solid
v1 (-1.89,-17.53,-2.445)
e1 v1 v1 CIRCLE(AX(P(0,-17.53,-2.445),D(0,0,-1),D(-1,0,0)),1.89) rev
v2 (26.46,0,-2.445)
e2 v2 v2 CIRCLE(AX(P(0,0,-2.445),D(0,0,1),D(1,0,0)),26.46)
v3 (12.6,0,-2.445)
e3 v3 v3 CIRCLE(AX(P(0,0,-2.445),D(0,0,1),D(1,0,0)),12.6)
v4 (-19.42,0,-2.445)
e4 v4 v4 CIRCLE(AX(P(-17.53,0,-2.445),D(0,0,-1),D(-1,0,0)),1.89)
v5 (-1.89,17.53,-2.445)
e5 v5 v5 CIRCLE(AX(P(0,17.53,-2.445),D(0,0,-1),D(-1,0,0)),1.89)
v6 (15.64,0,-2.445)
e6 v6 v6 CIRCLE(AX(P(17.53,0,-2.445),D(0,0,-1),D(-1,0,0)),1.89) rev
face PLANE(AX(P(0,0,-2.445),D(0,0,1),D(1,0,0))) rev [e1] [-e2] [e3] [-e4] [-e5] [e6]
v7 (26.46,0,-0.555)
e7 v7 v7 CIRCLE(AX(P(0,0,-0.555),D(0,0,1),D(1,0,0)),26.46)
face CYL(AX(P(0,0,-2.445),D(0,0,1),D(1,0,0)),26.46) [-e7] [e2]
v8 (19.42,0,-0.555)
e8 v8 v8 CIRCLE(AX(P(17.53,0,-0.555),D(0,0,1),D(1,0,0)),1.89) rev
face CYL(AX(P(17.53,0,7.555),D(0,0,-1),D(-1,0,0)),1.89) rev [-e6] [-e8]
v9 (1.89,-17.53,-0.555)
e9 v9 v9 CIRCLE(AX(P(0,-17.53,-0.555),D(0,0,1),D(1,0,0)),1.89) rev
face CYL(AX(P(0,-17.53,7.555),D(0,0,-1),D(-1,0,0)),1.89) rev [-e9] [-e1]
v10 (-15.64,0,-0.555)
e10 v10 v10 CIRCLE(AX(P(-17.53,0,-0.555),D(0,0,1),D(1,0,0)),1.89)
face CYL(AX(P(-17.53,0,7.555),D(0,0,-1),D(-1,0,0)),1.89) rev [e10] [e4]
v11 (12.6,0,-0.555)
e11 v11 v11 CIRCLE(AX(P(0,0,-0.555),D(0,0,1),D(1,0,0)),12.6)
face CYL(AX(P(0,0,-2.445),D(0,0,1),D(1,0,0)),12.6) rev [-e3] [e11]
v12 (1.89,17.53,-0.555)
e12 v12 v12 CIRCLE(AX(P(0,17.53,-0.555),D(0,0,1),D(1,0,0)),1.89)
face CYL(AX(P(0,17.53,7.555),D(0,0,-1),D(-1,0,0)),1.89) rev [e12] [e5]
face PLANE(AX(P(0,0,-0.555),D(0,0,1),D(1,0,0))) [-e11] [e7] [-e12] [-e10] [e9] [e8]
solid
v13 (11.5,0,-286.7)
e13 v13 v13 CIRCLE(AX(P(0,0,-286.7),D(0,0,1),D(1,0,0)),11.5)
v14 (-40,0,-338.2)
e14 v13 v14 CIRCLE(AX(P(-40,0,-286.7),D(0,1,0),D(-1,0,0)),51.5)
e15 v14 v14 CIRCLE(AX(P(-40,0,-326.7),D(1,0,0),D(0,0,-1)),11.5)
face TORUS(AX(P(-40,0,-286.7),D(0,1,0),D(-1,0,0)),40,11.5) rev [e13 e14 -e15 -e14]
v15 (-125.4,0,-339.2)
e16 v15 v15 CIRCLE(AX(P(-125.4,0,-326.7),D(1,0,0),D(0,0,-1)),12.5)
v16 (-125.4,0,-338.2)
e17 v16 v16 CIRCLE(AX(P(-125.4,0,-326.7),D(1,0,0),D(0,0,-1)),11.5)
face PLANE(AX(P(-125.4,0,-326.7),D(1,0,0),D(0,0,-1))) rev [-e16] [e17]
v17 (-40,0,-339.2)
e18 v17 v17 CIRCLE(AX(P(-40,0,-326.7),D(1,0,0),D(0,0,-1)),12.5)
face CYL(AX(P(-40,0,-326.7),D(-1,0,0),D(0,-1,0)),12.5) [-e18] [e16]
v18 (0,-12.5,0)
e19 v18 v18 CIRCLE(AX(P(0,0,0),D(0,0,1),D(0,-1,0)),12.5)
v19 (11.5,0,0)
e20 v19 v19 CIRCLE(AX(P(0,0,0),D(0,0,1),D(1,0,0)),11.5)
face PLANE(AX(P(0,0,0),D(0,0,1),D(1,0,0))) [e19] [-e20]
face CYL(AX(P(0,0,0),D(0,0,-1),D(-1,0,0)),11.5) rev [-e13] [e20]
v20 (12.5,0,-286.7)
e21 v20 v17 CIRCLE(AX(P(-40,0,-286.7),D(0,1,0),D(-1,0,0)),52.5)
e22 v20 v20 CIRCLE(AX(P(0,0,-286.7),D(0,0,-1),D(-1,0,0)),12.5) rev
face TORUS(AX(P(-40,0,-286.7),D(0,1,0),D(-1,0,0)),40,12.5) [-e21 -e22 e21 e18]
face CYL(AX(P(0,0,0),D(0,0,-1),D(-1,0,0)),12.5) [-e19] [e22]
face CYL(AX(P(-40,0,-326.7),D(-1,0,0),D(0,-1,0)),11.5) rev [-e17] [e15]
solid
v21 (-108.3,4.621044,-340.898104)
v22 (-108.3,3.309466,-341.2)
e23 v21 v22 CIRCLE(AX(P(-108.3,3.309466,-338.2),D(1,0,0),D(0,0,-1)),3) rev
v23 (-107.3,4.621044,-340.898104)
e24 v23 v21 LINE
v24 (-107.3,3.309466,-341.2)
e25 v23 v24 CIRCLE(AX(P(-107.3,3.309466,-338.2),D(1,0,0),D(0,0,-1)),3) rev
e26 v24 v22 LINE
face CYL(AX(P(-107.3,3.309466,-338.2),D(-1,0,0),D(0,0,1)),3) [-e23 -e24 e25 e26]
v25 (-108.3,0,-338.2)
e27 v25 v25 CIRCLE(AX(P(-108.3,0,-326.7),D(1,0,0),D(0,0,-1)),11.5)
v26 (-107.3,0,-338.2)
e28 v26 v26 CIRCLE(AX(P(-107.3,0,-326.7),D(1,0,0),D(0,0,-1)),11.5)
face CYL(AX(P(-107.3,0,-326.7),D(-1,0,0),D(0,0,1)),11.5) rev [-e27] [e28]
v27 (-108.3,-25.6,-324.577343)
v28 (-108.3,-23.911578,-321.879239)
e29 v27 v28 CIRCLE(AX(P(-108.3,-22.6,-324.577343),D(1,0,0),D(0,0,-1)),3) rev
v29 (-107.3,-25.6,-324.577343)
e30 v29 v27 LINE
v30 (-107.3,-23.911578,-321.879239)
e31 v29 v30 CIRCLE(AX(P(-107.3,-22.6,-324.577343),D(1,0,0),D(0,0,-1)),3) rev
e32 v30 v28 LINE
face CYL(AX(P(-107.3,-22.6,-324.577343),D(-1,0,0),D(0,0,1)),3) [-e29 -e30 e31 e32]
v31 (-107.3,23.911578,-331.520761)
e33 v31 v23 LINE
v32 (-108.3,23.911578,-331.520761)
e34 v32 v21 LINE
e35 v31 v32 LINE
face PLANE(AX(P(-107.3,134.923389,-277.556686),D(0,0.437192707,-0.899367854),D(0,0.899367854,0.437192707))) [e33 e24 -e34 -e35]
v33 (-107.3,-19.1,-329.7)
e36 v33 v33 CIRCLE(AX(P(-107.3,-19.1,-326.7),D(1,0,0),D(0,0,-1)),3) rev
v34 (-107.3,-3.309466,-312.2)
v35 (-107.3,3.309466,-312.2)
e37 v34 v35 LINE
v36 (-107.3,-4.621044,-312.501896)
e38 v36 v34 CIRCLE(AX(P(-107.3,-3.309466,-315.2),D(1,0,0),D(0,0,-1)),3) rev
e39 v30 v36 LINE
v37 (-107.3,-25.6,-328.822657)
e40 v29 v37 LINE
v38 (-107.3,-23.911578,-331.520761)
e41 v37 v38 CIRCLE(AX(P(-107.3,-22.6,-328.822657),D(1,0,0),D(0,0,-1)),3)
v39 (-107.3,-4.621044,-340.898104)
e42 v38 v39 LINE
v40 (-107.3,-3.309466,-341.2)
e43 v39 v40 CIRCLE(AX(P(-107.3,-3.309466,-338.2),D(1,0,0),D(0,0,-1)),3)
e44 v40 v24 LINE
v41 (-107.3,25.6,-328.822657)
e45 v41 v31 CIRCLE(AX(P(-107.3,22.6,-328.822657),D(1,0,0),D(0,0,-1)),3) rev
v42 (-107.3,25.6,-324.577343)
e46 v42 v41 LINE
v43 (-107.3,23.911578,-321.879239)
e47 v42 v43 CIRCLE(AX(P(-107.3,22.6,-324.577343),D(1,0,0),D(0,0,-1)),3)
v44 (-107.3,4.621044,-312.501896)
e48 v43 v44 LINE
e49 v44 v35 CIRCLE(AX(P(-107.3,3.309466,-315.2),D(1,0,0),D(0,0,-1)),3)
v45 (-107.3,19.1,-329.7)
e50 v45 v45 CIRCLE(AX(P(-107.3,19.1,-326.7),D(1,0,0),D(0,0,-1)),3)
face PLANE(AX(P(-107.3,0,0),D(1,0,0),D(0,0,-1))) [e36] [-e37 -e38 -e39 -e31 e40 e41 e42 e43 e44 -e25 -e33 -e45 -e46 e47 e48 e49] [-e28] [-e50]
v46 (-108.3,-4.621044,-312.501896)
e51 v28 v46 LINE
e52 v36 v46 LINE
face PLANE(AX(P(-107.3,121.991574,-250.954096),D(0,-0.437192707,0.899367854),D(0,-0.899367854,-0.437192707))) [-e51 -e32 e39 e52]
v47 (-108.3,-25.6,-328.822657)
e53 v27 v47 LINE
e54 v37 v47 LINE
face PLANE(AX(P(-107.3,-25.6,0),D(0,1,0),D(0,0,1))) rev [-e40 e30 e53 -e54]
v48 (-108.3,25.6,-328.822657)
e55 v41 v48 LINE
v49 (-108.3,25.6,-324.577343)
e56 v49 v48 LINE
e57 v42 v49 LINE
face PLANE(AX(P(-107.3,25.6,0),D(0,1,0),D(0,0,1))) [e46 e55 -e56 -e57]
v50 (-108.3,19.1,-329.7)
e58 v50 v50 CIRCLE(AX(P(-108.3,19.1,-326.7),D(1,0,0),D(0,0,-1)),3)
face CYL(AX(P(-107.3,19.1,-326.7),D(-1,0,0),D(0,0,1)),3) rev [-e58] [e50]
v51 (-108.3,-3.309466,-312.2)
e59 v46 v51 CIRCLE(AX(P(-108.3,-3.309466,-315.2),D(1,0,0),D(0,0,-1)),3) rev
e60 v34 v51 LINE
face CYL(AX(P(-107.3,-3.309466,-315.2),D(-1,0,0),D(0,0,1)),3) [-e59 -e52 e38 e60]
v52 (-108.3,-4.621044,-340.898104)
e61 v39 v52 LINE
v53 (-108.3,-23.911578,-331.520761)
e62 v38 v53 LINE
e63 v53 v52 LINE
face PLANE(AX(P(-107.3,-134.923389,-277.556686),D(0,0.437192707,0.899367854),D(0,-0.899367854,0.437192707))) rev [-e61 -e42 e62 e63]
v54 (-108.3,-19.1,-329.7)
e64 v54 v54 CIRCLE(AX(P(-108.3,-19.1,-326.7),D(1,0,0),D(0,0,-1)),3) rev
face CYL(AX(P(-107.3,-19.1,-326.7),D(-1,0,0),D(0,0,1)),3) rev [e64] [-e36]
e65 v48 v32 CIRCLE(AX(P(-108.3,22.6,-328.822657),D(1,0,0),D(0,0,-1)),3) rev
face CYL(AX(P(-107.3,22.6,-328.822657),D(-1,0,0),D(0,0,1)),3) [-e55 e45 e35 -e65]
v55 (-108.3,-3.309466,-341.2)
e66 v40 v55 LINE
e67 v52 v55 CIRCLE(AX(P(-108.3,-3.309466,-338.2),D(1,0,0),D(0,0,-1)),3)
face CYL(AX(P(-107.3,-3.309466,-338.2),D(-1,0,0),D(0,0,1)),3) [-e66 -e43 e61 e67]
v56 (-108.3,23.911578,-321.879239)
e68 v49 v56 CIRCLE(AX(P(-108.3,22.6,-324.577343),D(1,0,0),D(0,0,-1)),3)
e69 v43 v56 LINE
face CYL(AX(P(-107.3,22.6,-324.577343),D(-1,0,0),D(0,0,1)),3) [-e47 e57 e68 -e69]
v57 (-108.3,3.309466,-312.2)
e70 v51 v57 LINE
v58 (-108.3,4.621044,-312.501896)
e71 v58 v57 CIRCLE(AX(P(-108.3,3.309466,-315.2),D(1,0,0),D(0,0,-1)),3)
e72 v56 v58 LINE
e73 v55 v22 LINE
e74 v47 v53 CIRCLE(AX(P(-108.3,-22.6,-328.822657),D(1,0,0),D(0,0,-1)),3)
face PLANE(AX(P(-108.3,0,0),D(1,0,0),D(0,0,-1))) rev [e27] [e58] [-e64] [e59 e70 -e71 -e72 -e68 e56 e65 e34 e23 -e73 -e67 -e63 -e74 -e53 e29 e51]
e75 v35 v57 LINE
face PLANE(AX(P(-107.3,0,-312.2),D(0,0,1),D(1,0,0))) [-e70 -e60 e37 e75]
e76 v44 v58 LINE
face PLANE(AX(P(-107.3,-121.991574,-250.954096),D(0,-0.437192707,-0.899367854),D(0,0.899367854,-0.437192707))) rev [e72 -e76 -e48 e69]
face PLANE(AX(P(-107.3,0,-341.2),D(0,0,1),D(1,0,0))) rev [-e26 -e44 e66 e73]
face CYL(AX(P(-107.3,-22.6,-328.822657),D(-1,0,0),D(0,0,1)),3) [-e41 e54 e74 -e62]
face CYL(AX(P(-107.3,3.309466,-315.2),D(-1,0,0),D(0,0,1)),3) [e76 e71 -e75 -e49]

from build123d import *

# Parameters (mm, degrees)
SKETCH1_R           = 42
SKETCH1_R_2         = 20
BOSS_EXTRUDE1_DEPTH = 3
SCALE1_SCALE        = 0.63
SKETCH45_R          = 12.5
SKETCH45_R_2        = 11.5
SKETCH47_R          = 1.89
CUT_EXTRUDE1_DEPTH  = 10
SKETCH50_R          = 3
SKETCH50_R_2        = 11.5
BOSS_EXTRUDE2_DEPTH = 1


with BuildPart() as part:
    # Sketch1 → Boss-Extrude1 (new body)
    with BuildSketch(Plane.XY):
        Circle(SKETCH1_R)
        Circle(SKETCH1_R_2, mode=Mode.SUBTRACT)
    extrude(amount=-BOSS_EXTRUDE1_DEPTH)


with BuildPart() as part_1:
    # Scale1: scaled about (0, 0, -1.5)
    add(part.part.scale(SCALE1_SCALE).moved(Location((0, 0, -0.555))))

    # Sketch47 → Cut-Extrude1 (cut)
    with BuildSketch(Plane(origin=(0, 0, -2.445), x_dir=(-1, 0, 0), z_dir=(0, 0, -1))):
        with Locations((0, 17.53)):
            Circle(SKETCH47_R)
        with Locations((17.53, 0)):
            Circle(SKETCH47_R)
        with Locations((0, -17.53)):
            Circle(SKETCH47_R)
        with Locations((-17.53, 0)):
            Circle(SKETCH47_R)
    extrude(amount=-CUT_EXTRUDE1_DEPTH, mode=Mode.SUBTRACT)


with BuildPart() as body_2:
    # Sweep-Thin1: sweep along a curve in space
    with BuildLine() as sweep_thin1_path:
        Line((0, 0, 0), (0, 0, -286.7))
        ThreePointArc((-40, 0, -326.7), (-11.715728753, 0, -314.984271247), (0, 0, -286.7))
        Line((-40, 0, -326.7), (-125.4, 0, -326.7))
    # Sketch45 → Sweep-Thin1 (sweep)
    with BuildSketch(Plane(origin=(-125.4, 0, 0), x_dir=(0, 0, -1), z_dir=(1, 0, 0))):
        with Locations((326.7, 0)):
            Circle(SKETCH45_R)
        with Locations((326.7, 0)):
            Circle(SKETCH45_R_2, mode=Mode.SUBTRACT)
    sweep(path=sweep_thin1_path.line)


with BuildPart() as body_3:
    # Sketch50 → Boss-Extrude2 (new body)
    with BuildSketch(Plane(origin=(-108.3, 0, 0), x_dir=(0, 0, -1), z_dir=(1, 0, 0))):
        with BuildLine():
            Line((324.577342927, 25.6), (328.822657073, 25.6))
            ThreePointArc((328.822657073, 25.6), (330.41408185, 25.143101882), (331.520760636, 23.911578121))
            Line((331.520760636, 23.911578121), (340.898103562, 4.6210441))
            ThreePointArc((340.898103562, 4.6210441), (341.123551837, 3.982403314), (341.2, 3.30946598))
            Line((341.2, 3.30946598), (341.2, -3.30946598))
            ThreePointArc((341.2, -3.30946598), (341.123551837, -3.982403314), (340.898103562, -4.6210441))
            Line((340.898103562, -4.6210441), (331.520760636, -23.911578121))
            ThreePointArc((331.520760636, -23.911578121), (330.41408185, -25.143101882), (328.822657073, -25.6))
            Line((328.822657073, -25.6), (324.577342927, -25.6))
            ThreePointArc((324.577342927, -25.6), (322.98591815, -25.143101882), (321.879239364, -23.911578121))
            Line((321.879239364, -23.911578121), (312.501896438, -4.6210441))
            ThreePointArc((312.501896438, -4.6210441), (312.276448163, -3.982403314), (312.2, -3.30946598))
            Line((312.2, -3.30946598), (312.2, 3.30946598))
            ThreePointArc((312.2, 3.30946598), (312.276448163, 3.982403314), (312.501896438, 4.6210441))
            Line((312.501896438, 4.6210441), (321.879239364, 23.911578121))
            ThreePointArc((321.879239364, 23.911578121), (322.98591815, 25.143101882), (324.577342927, 25.6))
        make_face()
        with Locations((326.7, 19.1)):
            Circle(SKETCH50_R, mode=Mode.SUBTRACT)
        with Locations((326.7, 0)):
            Circle(SKETCH50_R_2, mode=Mode.SUBTRACT)
        with Locations((326.7, -19.1)):
            Circle(SKETCH50_R, mode=Mode.SUBTRACT)
    extrude(amount=BOSS_EXTRUDE2_DEPTH)


solid = Compound([part_1.part, body_2.part, body_3.part])
